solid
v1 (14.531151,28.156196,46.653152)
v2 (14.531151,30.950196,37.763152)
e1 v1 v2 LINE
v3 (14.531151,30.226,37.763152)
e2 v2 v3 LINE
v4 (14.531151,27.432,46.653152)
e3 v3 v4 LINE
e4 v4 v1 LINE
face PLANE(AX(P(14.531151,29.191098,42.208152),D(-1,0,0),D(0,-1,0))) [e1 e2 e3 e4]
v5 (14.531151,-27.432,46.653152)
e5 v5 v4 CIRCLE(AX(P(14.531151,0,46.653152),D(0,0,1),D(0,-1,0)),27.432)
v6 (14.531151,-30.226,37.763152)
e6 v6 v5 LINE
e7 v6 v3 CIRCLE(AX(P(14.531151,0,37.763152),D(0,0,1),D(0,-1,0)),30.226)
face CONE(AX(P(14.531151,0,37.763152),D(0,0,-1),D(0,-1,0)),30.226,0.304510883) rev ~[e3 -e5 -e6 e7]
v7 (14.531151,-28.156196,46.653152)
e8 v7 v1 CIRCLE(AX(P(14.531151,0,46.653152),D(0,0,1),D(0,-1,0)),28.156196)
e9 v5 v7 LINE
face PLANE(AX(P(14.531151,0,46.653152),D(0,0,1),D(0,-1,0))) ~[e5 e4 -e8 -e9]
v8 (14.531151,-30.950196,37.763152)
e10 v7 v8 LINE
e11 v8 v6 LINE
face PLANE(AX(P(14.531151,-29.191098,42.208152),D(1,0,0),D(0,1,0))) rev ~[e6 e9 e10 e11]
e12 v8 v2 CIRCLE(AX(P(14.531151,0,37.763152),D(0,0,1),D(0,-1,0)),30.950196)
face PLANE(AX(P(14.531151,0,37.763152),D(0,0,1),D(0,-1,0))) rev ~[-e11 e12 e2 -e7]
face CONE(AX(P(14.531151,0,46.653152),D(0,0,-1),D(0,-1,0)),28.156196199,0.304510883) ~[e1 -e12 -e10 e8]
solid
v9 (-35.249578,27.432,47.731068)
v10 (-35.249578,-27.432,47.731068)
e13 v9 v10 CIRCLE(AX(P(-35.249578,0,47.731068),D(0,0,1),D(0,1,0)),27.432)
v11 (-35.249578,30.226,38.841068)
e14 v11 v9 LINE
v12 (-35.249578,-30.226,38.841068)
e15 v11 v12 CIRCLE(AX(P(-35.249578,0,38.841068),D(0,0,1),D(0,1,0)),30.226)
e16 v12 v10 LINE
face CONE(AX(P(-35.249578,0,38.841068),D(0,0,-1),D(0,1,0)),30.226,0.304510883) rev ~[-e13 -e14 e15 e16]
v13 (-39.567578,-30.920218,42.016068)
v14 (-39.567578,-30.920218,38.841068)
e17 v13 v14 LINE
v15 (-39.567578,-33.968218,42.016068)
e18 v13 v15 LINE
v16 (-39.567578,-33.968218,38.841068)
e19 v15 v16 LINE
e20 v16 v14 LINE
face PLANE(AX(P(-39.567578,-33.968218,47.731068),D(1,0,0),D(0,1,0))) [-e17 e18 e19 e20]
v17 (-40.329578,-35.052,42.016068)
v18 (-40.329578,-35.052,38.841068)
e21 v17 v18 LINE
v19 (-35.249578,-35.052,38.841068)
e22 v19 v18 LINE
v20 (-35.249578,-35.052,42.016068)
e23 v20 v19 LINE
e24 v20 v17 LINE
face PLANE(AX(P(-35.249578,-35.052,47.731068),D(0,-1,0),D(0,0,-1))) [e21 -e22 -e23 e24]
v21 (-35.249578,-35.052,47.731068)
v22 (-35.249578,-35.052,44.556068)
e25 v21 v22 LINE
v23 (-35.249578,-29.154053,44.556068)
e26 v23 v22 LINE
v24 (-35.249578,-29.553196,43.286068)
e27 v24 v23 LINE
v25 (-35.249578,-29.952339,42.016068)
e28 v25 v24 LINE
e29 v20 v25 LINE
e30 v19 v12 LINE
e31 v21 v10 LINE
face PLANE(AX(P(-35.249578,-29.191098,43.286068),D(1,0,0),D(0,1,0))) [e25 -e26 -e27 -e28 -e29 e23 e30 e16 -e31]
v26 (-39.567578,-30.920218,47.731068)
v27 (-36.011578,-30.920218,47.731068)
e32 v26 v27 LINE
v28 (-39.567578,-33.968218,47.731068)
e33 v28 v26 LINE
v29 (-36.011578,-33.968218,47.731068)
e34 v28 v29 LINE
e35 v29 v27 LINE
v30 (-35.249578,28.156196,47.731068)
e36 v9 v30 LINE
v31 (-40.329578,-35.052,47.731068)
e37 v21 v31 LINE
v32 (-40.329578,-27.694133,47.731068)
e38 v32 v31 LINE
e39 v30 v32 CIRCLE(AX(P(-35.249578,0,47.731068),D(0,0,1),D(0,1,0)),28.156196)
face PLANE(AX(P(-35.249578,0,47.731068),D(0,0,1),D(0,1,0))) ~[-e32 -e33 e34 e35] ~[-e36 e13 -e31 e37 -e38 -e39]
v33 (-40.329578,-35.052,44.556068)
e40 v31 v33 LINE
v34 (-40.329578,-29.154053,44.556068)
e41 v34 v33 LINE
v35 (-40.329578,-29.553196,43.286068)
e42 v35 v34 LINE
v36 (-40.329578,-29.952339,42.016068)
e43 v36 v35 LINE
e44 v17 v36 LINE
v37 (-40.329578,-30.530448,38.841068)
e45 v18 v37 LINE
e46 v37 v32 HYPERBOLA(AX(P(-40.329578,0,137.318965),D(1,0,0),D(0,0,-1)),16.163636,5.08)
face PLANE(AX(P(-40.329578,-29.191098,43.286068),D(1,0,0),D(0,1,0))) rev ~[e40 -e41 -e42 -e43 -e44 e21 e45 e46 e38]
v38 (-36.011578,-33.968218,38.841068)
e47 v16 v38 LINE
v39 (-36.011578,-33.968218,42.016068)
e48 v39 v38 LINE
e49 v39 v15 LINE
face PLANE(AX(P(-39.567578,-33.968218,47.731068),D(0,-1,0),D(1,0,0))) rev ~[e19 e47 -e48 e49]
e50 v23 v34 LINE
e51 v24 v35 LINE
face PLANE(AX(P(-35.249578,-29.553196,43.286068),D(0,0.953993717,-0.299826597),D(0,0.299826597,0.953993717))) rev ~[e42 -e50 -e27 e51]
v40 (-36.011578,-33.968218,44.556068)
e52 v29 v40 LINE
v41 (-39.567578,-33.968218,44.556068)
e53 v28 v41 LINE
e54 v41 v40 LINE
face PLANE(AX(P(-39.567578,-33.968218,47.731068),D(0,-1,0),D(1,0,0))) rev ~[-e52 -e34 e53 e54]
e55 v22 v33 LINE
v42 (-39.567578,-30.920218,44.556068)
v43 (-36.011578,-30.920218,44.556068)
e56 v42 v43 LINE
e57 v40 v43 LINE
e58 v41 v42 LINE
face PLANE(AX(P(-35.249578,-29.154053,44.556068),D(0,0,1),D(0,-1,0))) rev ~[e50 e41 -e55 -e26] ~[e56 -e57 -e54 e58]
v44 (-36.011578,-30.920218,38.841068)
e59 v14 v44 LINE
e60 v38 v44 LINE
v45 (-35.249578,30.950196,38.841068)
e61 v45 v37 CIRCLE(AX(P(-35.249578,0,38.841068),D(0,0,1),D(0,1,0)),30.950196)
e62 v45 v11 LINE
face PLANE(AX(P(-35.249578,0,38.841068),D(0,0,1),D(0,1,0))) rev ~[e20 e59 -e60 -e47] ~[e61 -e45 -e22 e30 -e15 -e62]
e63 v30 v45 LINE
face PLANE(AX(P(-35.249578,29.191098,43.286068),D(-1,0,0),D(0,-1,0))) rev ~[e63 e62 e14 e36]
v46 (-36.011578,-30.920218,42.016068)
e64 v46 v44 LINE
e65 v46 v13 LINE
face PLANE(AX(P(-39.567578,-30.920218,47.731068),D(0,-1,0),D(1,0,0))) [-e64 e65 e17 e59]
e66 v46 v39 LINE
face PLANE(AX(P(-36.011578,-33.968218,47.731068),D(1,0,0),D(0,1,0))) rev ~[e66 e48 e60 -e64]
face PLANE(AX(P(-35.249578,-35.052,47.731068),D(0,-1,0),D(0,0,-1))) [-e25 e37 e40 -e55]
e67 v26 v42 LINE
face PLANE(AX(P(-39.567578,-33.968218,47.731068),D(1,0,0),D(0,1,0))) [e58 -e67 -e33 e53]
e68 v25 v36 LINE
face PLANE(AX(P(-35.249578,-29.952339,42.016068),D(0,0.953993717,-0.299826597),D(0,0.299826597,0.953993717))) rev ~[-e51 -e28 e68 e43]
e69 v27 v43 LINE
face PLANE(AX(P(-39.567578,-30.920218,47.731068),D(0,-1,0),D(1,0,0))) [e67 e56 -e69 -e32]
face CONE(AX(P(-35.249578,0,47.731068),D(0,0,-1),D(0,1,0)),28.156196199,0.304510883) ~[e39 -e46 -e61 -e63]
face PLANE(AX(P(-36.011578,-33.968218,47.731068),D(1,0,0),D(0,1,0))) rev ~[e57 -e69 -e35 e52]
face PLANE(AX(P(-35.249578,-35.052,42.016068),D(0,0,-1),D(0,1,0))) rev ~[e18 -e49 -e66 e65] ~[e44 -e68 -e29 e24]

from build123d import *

# Parameters (mm, degrees)
F1_ANGLE_BACK  = 90
F1_ANGLE       = 180
F2_ANGLE_START = 90
F2_ANGLE       = 180
F4_DEPTH       = 5.08
F5_DEPTH       = 5.08
F6_W           = 3.556
F6_H           = 3.048
F7_DEPTH       = 25.4


with BuildPart() as f1:
    # F0 (on Front) → F1 (revolve)
    with BuildSketch(Plane.XZ, mode=Mode.PRIVATE) as f1_sk:
        Polygon((-62.6815780775, 47.7310680375), (-63.4057742764, 47.7310680375), (-66.1997742764, 38.8410680375), (-65.4755780775, 38.8410680375), align=None)
    revolve(f1_sk.sketch.rotate(Axis((-35.2495780775, 0, 43.2860680375), (0, 0, 1)), -F1_ANGLE_BACK), axis=Axis((-35.2495780775, 0, 43.2860680375), (0, 0, 1)), revolution_arc=F1_ANGLE)

    # F3 (on face) → F4 (join)
    with BuildSketch(Plane.YZ.offset(-35.2495780775)):
        Polygon((-30.226, 38.8410680375), (-27.432, 47.7310680375), (-28.1561961989, 47.7310680375), (-29.1540533418, 44.5560680375), (-29.5531961989, 43.2860680375), (-29.9523390561, 42.0160680375), (-30.9501961989, 38.8410680375), align=None)
        Polygon((-29.1540533418, 44.5560680375), (-28.1561961989, 47.7310680375), (-35.052, 47.7310680375), (-35.052, 44.5560680375), align=None)
        Polygon((-29.5531961989, 43.2860680375), (-29.1540533418, 44.5560680375), (-35.052, 44.5560680375), (-35.052, 43.2860680375), align=None)
        Polygon((-29.9523390561, 42.0160680375), (-29.5531961989, 43.2860680375), (-35.052, 43.2860680375), (-35.052, 42.0160680375), align=None)
        Polygon((-35.052, 38.8410680375), (-30.9501961989, 38.8410680375), (-29.9523390561, 42.0160680375), (-35.052, 42.0160680375), align=None)
    extrude(amount=-F4_DEPTH)

    # F3 (on face) → F5 (cut)
    with BuildSketch(Plane.YZ.offset(-35.2495780775)):
        Polygon((-29.5531961989, 43.2860680375), (-29.1540533418, 44.5560680375), (-35.052, 44.5560680375), (-35.052, 43.2860680375), align=None)
        Polygon((-29.9523390561, 42.0160680375), (-29.5531961989, 43.2860680375), (-35.052, 43.2860680375), (-35.052, 42.0160680375), align=None)
    extrude(amount=-F5_DEPTH, mode=Mode.SUBTRACT)

    # F6 (on face) → F7 (cut)
    with BuildSketch(Plane.XY.offset(47.7310680375)):
        with Locations((-37.7895780775, -32.4442176709)):
            Rectangle(F6_W, F6_H)
    extrude(amount=-F7_DEPTH, mode=Mode.SUBTRACT)


with BuildPart() as f2:
    # F0 (on Front) → F2 (revolve)
    with BuildSketch(Plane.XZ, mode=Mode.PRIVATE) as f2_sk:
        Polygon((-12.9008494282, 46.6531522715), (-13.6250456271, 46.6531522715), (-16.4190456271, 37.7631522715), (-15.6948494282, 37.7631522715), align=None)
    revolve(f2_sk.sketch.rotate(Axis((14.5311505718, 0, 42.2081522715), (0, 0, 1)), F2_ANGLE_START), axis=Axis((14.5311505718, 0, 42.2081522715), (0, 0, 1)), revolution_arc=F2_ANGLE)


solid = Compound([f1.part, f2.part])
